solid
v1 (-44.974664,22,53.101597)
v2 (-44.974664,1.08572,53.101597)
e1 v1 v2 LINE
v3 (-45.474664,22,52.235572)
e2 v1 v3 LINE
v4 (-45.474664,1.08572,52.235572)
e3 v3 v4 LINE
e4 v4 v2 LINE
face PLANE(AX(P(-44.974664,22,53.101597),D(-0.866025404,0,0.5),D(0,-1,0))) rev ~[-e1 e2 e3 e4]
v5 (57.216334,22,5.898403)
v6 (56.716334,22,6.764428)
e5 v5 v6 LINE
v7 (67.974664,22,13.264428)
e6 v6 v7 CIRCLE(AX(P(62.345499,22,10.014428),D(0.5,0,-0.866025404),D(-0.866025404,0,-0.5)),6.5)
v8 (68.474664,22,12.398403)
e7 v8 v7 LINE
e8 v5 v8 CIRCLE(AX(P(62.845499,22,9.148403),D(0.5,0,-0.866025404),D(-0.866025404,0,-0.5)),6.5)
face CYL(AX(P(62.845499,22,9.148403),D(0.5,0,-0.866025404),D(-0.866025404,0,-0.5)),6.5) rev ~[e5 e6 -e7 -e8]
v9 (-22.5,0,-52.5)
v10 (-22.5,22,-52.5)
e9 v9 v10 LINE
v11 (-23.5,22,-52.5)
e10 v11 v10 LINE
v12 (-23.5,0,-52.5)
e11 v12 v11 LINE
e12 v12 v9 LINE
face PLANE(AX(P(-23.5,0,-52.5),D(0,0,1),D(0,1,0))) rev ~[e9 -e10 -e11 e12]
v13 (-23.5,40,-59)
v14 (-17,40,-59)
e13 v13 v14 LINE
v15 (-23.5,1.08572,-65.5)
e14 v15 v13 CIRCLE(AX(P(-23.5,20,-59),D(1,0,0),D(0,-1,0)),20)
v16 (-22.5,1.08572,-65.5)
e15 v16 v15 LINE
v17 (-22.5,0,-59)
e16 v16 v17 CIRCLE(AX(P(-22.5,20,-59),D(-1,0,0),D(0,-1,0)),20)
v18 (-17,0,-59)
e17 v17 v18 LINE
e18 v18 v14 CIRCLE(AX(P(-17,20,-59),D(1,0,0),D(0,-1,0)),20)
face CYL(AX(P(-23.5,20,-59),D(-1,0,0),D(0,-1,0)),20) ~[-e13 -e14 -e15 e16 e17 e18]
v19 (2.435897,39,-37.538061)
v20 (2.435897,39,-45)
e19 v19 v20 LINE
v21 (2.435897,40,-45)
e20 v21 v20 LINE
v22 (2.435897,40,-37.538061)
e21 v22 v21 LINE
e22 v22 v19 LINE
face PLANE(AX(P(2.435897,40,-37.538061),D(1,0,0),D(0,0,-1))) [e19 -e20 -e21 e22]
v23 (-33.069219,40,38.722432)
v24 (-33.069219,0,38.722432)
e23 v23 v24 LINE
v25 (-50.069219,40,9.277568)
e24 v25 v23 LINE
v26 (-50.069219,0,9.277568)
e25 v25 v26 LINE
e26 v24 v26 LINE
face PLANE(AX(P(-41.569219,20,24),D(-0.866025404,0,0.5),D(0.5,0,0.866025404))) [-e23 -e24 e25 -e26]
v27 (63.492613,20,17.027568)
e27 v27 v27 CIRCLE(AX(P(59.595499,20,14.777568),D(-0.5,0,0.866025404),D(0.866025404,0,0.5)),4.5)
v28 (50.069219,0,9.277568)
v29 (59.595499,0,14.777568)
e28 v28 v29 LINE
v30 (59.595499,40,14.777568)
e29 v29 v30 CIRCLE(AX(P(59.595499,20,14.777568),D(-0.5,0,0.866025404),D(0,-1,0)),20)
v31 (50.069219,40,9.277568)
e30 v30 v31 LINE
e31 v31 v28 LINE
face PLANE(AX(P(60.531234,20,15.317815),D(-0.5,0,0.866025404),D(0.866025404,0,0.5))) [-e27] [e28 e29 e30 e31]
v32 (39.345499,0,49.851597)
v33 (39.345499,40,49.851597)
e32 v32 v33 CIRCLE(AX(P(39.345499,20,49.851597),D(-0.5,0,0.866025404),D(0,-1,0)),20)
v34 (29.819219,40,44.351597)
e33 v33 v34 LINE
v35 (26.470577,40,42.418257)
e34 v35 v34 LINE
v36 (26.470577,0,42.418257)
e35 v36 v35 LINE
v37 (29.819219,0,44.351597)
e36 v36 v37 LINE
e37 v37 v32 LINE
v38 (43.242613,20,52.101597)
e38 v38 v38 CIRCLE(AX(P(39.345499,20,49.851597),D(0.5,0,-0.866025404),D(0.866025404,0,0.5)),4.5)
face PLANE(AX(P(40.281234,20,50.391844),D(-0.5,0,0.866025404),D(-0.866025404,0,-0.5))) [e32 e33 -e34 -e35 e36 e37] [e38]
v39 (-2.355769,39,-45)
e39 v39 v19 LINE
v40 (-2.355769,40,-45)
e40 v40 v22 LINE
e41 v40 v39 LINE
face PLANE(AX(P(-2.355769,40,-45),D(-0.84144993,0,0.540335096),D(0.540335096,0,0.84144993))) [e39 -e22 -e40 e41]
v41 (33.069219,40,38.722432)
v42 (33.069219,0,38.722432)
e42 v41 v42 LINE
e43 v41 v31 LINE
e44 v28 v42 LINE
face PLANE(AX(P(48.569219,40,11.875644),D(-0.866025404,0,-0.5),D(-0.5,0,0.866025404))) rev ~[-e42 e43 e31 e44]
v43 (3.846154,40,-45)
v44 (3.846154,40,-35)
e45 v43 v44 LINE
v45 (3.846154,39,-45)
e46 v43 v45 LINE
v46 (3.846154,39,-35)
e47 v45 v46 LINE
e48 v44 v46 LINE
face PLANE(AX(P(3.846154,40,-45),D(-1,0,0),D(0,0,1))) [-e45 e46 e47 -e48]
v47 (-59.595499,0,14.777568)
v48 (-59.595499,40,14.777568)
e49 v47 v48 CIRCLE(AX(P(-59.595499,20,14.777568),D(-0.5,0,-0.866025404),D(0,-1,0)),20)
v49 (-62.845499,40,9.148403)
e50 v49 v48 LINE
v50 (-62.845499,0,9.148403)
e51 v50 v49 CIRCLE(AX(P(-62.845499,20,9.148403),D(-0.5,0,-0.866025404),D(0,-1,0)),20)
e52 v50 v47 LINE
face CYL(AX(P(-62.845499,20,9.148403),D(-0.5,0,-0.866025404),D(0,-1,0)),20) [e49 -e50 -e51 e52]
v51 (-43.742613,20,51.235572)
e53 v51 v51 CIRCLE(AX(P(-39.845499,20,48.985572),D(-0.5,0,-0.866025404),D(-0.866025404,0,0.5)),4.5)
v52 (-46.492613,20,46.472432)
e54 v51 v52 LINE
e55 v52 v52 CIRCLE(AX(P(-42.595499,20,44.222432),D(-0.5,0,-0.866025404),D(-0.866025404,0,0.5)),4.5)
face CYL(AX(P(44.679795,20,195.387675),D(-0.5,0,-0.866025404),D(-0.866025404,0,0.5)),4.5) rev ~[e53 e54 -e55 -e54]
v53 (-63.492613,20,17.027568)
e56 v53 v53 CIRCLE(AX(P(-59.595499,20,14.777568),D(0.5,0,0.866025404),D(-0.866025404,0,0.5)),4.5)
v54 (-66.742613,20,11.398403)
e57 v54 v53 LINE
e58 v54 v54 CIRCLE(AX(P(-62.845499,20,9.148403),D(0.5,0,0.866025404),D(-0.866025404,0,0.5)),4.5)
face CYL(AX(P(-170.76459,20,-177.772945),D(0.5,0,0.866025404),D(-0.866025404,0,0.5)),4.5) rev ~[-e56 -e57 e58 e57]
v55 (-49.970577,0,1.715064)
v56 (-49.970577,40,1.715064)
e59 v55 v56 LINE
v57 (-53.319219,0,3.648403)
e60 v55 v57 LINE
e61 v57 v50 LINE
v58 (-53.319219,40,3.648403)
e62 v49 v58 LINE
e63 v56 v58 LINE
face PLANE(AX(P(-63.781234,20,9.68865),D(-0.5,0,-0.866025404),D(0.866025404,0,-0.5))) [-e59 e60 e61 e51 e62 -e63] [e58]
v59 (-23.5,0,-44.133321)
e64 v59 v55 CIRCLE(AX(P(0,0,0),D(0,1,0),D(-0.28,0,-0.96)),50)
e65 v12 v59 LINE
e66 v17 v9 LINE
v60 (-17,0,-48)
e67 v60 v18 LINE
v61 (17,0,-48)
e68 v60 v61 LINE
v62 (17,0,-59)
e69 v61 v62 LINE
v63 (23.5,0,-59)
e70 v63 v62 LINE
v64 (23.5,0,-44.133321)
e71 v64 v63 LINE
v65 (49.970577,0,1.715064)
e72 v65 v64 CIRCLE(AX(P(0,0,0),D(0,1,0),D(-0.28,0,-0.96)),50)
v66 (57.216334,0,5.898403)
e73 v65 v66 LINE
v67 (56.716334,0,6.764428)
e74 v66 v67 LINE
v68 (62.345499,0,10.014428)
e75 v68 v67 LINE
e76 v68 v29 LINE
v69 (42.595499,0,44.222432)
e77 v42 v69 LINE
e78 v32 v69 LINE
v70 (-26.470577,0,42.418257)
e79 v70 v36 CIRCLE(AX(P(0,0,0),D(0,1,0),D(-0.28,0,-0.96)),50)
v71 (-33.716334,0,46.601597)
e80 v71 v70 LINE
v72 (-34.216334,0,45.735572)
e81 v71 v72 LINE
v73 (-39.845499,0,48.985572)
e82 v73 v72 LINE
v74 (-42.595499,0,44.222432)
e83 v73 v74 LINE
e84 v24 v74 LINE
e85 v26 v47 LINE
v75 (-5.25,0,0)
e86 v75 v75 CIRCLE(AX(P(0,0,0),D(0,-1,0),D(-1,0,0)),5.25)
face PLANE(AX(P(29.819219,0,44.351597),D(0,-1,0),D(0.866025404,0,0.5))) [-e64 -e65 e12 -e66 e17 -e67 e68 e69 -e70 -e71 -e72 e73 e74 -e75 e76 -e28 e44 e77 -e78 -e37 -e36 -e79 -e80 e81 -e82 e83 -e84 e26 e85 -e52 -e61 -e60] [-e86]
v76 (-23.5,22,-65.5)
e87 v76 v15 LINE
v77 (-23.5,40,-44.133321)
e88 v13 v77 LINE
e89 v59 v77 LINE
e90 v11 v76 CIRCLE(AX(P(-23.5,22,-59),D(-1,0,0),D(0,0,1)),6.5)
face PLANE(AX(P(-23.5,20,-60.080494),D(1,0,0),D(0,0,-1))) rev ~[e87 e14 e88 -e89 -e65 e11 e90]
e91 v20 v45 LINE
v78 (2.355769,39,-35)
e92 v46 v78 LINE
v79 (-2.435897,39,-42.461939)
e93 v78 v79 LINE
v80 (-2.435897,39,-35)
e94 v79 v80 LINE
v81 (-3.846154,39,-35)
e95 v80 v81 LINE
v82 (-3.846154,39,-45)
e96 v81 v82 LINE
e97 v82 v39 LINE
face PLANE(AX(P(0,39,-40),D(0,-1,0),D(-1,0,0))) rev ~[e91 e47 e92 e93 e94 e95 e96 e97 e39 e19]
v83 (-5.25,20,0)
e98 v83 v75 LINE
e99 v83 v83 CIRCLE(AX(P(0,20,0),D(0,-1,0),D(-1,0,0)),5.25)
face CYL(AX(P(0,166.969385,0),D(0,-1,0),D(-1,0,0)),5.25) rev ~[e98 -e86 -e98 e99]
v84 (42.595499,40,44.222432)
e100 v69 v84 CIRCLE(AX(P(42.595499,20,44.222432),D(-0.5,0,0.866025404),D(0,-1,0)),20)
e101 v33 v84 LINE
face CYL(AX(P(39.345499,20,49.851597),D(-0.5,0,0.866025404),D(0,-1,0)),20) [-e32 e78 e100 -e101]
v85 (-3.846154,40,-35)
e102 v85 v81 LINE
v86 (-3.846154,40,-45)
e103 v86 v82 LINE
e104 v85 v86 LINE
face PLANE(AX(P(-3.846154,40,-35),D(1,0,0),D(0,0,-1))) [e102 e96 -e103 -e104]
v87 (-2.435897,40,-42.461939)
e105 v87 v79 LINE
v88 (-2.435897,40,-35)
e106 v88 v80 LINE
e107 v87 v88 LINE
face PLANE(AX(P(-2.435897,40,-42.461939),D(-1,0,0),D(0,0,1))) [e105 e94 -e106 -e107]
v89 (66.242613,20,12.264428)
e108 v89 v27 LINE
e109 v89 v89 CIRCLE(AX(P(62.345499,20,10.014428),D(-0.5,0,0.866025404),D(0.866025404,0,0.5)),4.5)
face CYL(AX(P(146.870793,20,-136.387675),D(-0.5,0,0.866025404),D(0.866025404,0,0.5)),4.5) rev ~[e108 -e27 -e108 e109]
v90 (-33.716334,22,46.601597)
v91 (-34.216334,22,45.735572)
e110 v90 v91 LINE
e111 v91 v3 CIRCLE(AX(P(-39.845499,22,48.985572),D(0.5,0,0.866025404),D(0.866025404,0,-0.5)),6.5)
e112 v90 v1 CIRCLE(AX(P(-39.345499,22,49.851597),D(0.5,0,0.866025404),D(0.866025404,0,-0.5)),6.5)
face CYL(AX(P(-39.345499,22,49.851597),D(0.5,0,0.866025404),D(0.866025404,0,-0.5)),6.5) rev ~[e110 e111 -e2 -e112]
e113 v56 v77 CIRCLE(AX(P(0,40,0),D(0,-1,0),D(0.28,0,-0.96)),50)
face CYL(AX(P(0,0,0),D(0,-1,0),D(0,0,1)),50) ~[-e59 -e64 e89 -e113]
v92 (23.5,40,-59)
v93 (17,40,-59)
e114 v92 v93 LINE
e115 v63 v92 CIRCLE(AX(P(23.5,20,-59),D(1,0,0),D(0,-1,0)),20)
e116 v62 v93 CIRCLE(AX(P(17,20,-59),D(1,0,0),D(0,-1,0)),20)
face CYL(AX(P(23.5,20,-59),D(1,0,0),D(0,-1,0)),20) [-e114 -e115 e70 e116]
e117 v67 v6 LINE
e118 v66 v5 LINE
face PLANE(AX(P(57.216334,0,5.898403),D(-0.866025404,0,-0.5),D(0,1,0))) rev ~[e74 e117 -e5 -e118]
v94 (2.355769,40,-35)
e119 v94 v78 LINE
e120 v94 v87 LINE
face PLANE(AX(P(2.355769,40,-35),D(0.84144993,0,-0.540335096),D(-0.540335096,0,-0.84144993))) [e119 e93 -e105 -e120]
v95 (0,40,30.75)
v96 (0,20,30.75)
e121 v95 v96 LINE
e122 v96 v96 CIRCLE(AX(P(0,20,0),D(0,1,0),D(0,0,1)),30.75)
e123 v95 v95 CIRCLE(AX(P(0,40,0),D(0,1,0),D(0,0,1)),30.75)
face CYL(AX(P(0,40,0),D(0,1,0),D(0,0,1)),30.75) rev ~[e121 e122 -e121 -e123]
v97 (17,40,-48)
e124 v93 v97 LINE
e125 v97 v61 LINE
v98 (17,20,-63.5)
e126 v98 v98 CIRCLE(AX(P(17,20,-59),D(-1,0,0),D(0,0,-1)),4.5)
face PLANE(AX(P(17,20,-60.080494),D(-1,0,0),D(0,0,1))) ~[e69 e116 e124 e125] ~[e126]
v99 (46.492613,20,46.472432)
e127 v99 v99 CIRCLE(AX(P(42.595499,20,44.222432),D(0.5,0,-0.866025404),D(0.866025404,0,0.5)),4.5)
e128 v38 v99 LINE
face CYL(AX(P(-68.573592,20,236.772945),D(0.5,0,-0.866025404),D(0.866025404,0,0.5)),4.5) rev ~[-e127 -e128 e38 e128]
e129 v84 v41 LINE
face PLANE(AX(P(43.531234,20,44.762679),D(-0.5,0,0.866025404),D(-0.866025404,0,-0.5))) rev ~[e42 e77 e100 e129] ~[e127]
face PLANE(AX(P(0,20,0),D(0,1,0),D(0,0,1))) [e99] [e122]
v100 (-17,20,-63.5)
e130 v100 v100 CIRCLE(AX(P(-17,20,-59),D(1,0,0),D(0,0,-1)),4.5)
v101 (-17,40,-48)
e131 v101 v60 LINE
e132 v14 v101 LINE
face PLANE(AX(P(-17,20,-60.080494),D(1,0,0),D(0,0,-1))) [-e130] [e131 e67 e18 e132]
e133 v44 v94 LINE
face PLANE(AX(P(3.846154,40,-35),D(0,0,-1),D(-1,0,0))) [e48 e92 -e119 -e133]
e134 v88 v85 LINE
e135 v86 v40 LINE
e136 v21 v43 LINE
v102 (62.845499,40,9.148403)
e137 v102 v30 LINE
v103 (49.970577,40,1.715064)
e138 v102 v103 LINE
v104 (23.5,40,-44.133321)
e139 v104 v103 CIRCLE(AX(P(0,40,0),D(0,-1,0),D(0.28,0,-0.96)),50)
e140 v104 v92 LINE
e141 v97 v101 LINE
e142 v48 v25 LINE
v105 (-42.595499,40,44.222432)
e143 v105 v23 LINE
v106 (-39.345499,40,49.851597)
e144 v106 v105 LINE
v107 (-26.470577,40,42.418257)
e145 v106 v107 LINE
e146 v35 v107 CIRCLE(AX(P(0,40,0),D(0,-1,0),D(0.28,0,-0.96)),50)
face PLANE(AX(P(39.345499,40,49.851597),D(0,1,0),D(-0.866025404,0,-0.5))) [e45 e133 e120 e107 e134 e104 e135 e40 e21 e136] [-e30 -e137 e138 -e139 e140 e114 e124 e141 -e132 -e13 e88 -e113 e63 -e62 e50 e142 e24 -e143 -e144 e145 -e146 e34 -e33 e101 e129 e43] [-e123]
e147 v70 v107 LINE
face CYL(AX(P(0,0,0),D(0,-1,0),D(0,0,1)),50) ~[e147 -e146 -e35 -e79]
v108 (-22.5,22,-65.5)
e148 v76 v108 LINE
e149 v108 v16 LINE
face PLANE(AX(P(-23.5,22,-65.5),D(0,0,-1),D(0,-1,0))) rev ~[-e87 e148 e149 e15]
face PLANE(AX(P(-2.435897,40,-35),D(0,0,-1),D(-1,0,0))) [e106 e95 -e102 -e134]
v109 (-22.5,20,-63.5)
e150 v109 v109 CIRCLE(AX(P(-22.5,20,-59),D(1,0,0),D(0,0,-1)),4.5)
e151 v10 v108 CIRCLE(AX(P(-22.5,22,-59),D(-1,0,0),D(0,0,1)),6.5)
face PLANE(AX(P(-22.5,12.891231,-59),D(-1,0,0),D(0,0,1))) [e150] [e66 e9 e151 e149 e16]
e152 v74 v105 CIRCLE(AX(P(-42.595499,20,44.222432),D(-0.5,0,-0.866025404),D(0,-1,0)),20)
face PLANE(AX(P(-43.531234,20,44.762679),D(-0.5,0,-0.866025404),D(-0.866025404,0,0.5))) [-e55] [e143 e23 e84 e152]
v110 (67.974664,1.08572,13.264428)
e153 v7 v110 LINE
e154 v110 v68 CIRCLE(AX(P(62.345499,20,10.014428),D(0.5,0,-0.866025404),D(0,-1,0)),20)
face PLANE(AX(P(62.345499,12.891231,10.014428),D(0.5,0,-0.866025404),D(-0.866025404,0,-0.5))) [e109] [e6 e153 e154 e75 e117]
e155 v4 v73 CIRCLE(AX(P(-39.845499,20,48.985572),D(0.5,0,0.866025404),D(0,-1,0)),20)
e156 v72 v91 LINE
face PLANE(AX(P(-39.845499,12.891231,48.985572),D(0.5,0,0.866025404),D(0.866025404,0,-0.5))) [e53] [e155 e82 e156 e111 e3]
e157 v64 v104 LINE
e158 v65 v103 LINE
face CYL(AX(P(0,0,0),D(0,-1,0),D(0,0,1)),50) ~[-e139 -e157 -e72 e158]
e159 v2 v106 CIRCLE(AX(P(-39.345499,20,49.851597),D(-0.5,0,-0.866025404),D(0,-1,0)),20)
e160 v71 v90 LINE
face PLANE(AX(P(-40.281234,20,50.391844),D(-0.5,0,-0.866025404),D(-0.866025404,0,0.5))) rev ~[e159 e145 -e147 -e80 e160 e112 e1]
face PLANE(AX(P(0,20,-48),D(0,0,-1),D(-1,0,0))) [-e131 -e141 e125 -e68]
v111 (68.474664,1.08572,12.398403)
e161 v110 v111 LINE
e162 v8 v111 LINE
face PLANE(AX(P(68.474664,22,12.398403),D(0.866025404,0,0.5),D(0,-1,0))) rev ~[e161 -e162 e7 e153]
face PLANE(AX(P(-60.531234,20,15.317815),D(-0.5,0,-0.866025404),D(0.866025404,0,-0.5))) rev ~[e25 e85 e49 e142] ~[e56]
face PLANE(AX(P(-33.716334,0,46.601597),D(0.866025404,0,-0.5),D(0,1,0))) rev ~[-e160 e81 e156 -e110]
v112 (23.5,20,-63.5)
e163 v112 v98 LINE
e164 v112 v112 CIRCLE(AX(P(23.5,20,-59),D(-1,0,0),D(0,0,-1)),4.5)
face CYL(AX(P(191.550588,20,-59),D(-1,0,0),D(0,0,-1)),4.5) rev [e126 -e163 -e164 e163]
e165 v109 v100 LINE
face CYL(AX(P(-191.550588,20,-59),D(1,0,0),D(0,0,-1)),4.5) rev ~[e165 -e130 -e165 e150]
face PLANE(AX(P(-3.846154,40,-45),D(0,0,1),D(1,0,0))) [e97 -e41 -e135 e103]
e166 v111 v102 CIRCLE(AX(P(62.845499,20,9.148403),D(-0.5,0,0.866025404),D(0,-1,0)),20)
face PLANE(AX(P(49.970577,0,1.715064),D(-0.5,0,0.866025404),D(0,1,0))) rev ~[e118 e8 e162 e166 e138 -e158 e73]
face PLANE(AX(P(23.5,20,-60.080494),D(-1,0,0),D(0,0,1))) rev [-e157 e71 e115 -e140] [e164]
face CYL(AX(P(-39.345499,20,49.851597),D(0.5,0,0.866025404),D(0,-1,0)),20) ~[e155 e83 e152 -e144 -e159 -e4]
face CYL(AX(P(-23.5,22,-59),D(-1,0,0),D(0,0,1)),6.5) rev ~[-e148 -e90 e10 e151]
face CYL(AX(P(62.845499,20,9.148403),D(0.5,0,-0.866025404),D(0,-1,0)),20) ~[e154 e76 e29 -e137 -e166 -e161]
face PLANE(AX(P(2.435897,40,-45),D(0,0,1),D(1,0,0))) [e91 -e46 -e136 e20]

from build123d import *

# Parameters (mm, degrees)
SKETCH1_R                    = 50
BOSS_EXTRUDE1_DEPTH          = 40
SKETCH2_R                    = 30.75
CUT_EXTRUDE1_DEPTH           = 20
F_10_5_10_5_DIAMETER_HOLE1_D = 10.5
CUT_EXTRUDE2_DEPTH           = 82.240384046
BOSS_EXTRUDE2_START          = -3.866679
SKETCH6_W                    = 47
SKETCH6_H                    = 40
BOSS_EXTRUDE2_DEPTH          = 3.866679
BOSS_EXTRUDE3_DEPTH          = 6.5
F_9_0_9_DIAMETER_HOLE1_D     = 9
CUT_EXTRUDE3_DEPTH           = 1
CIRPATTERN1_COUNT            = 3
CIRPATTERN1_COPY_1_DEPTH     = 6.5
CIRPATTERN1_COPY_2_DEPTH     = 6.5
CIRPATTERN1_COPY_3_D         = 9
CIRPATTERN1_COPY_4_D         = 9
CUT_EXTRUDE4_DEPTH           = 1


with BuildPart() as part:
    # Sketch1 → Boss-Extrude1 (new body)
    with BuildSketch(Plane(origin=(0, 0, 0), x_dir=(1, 0, 0), z_dir=(0, 1, 0))):
        with Locations(Location((0, 0, 0), (0, 0, 270))):
            Circle(SKETCH1_R)
    extrude(amount=BOSS_EXTRUDE1_DEPTH)

    # Sketch2 → Cut-Extrude1 (cut)
    with BuildSketch(Plane(origin=(0, 40, 0), x_dir=(1, 0, 0), z_dir=(0, 1, 0))):
        with Locations(Location((0, 0, 0), (0, 0, 270))):
            Circle(SKETCH2_R)
    extrude(amount=-CUT_EXTRUDE1_DEPTH, mode=Mode.SUBTRACT)

    # Ø10.5 (10.5) Diameter Hole1 (through all)
    with Locations(Plane(origin=(0, 20, 0), x_dir=(1, 0, 0), z_dir=(0, 1, 0))):
        with Locations((0, 0)):
            Hole(F_10_5_10_5_DIAMETER_HOLE1_D / 2)

    # Sketch5 → Cut-Extrude2 (cut, through all)
    with BuildSketch(Plane(origin=(0, 40, 0), x_dir=(1, 0, 0), z_dir=(0, 1, 0))):
        with BuildLine():
            Line((-14, 48), (14, 48))
            ThreePointArc((14, 48), (0, 50), (-14, 48))
        make_face()
    cut_extrude2 = extrude(amount=-CUT_EXTRUDE2_DEPTH, mode=Mode.SUBTRACT)

    # Sketch6 → Boss-Extrude2 (add)
    with BuildSketch(Plane(origin=(0, 0, -48), x_dir=(-1, 0, 0), z_dir=(0, 0, -1)).offset(BOSS_EXTRUDE2_START)):
        with Locations((0, 20)):
            Rectangle(SKETCH6_W, SKETCH6_H)
    boss_extrude2 = extrude(amount=BOSS_EXTRUDE2_DEPTH)

    # Sketch7 → Boss-Extrude3 (add)
    with BuildSketch(Plane.ZY.offset(23.5)):
        with BuildLine():
            Line((-59, 40), (-48, 40))
            Line((-48, 40), (-48, 0))
            Line((-48, 0), (-59, 0))
            ThreePointArc((-59, 0), (-79, 20), (-59, 40))
        make_face()
    boss_extrude3 = extrude(amount=-BOSS_EXTRUDE3_DEPTH)

    # Ø9.0 (9) Diameter Hole1 (through all)
    with Locations(Plane.ZY.offset(23.5)):
        with Locations((-59, 20)):
            f_9_0_9_diameter_hole1 = Hole(F_9_0_9_DIAMETER_HOLE1_D / 2)

    # Mirror1: Boss-Extrude3, Ø9.0 (9) Diameter Hole1 across plane
    add(boss_extrude3.mirror(Plane(origin=(0, 0, 0), x_dir=(0, 0, 1), z_dir=(1, 0, 0))))
    add(f_9_0_9_diameter_hole1.mirror(Plane(origin=(0, 0, 0), x_dir=(0, 0, 1), z_dir=(1, 0, 0))), mode=Mode.SUBTRACT)

    # Sketch10 → Cut-Extrude3 (cut)
    with BuildSketch(Plane.ZY.offset(23.5)):
        with BuildLine():
            Line((-65.5, 22), (-65.5, 0))
            Line((-65.5, 0), (-52.5, 0))
            Line((-52.5, 0), (-52.5, 22))
            ThreePointArc((-52.5, 22), (-59, 28.5), (-65.5, 22))
        make_face()
    cut_extrude3 = extrude(amount=-CUT_EXTRUDE3_DEPTH, mode=Mode.SUBTRACT)

    # CirPattern1: Cut-Extrude2, Boss-Extrude2, Boss-Extrude3, Ø9.0 (9) Diameter Hole1, Cut-Extrude3 ×3 about axis
    cirpattern1_axis = Axis((0, 0, 0), (0, 1, 0))
    add([cut_extrude2.rotate(cirpattern1_axis, i * 360 / CIRPATTERN1_COUNT) for i in range(1, CIRPATTERN1_COUNT)], mode=Mode.SUBTRACT)
    add([boss_extrude2.rotate(cirpattern1_axis, i * 360 / CIRPATTERN1_COUNT) for i in range(1, CIRPATTERN1_COUNT)])
    add([boss_extrude3.rotate(cirpattern1_axis, i * 360 / CIRPATTERN1_COUNT) for i in range(1, CIRPATTERN1_COUNT)])
    add([f_9_0_9_diameter_hole1.rotate(cirpattern1_axis, i * 360 / CIRPATTERN1_COUNT) for i in range(1, CIRPATTERN1_COUNT)], mode=Mode.SUBTRACT)
    add([cut_extrude3.rotate(cirpattern1_axis, i * 360 / CIRPATTERN1_COUNT) for i in range(1, CIRPATTERN1_COUNT)], mode=Mode.SUBTRACT)

    # CirPattern1 copy 1 sketch → CirPattern1 copy 1 (add)
    with BuildSketch(Plane(origin=(-11.75, 0, -20.351596989), x_dir=(0.8660254037844387, 0, -0.4999999999999998), z_dir=(-0.4999999999999998, 0, -0.8660254037844387))):
        with BuildLine():
            Line((-59, -40), (-48, -40))
            Line((-48, -40), (-48, 0))
            Line((-48, 0), (-59, 0))
            ThreePointArc((-59, 0), (-79, -20), (-59, -40))
        make_face()
    extrude(amount=-CIRPATTERN1_COPY_1_DEPTH)

    # CirPattern1 copy 2 sketch → CirPattern1 copy 2 (add)
    with BuildSketch(Plane(origin=(-11.75, 0, 20.351596989), x_dir=(-0.8660254037844384, 0, -0.5000000000000004), z_dir=(-0.5000000000000004, 0, 0.8660254037844384))):
        with BuildLine():
            Line((-59, -40), (-48, -40))
            Line((-48, -40), (-48, 0))
            Line((-48, 0), (-59, 0))
            ThreePointArc((-59, 0), (-79, -20), (-59, -40))
        make_face()
    extrude(amount=-CIRPATTERN1_COPY_2_DEPTH)

    # CirPattern1 copy 3 (through all)
    with Locations(Plane(origin=(-11.75, 0, -20.351596989), x_dir=(0.8660254037844387, 0, -0.4999999999999998), z_dir=(-0.4999999999999998, 0, -0.8660254037844387))):
        with Locations((-59, -20)):
            Hole(CIRPATTERN1_COPY_3_D / 2)

    # CirPattern1 copy 4 (through all)
    with Locations(Plane(origin=(-11.75, 0, 20.351596989), x_dir=(-0.8660254037844384, 0, -0.5000000000000004), z_dir=(-0.5000000000000004, 0, 0.8660254037844384))):
        with Locations((-59, -20)):
            Hole(CIRPATTERN1_COPY_4_D / 2)

    # Sketch11 → Cut-Extrude4 (cut)
    with BuildSketch(Plane(origin=(0, 40, 0), x_dir=(1, 0, 0), z_dir=(0, 1, 0))):
        Polygon((-3.846153846, 35), (-3.846153846, 45), (-2.355769231, 45), (2.435897436, 37.538060897), (2.435897436, 45), (3.846153846, 45), (3.846153846, 35), (2.355769231, 35), (-2.435897436, 42.461939103), (-2.435897436, 35), align=None)
    extrude(amount=-CUT_EXTRUDE4_DEPTH, mode=Mode.SUBTRACT)


solid = part.part
